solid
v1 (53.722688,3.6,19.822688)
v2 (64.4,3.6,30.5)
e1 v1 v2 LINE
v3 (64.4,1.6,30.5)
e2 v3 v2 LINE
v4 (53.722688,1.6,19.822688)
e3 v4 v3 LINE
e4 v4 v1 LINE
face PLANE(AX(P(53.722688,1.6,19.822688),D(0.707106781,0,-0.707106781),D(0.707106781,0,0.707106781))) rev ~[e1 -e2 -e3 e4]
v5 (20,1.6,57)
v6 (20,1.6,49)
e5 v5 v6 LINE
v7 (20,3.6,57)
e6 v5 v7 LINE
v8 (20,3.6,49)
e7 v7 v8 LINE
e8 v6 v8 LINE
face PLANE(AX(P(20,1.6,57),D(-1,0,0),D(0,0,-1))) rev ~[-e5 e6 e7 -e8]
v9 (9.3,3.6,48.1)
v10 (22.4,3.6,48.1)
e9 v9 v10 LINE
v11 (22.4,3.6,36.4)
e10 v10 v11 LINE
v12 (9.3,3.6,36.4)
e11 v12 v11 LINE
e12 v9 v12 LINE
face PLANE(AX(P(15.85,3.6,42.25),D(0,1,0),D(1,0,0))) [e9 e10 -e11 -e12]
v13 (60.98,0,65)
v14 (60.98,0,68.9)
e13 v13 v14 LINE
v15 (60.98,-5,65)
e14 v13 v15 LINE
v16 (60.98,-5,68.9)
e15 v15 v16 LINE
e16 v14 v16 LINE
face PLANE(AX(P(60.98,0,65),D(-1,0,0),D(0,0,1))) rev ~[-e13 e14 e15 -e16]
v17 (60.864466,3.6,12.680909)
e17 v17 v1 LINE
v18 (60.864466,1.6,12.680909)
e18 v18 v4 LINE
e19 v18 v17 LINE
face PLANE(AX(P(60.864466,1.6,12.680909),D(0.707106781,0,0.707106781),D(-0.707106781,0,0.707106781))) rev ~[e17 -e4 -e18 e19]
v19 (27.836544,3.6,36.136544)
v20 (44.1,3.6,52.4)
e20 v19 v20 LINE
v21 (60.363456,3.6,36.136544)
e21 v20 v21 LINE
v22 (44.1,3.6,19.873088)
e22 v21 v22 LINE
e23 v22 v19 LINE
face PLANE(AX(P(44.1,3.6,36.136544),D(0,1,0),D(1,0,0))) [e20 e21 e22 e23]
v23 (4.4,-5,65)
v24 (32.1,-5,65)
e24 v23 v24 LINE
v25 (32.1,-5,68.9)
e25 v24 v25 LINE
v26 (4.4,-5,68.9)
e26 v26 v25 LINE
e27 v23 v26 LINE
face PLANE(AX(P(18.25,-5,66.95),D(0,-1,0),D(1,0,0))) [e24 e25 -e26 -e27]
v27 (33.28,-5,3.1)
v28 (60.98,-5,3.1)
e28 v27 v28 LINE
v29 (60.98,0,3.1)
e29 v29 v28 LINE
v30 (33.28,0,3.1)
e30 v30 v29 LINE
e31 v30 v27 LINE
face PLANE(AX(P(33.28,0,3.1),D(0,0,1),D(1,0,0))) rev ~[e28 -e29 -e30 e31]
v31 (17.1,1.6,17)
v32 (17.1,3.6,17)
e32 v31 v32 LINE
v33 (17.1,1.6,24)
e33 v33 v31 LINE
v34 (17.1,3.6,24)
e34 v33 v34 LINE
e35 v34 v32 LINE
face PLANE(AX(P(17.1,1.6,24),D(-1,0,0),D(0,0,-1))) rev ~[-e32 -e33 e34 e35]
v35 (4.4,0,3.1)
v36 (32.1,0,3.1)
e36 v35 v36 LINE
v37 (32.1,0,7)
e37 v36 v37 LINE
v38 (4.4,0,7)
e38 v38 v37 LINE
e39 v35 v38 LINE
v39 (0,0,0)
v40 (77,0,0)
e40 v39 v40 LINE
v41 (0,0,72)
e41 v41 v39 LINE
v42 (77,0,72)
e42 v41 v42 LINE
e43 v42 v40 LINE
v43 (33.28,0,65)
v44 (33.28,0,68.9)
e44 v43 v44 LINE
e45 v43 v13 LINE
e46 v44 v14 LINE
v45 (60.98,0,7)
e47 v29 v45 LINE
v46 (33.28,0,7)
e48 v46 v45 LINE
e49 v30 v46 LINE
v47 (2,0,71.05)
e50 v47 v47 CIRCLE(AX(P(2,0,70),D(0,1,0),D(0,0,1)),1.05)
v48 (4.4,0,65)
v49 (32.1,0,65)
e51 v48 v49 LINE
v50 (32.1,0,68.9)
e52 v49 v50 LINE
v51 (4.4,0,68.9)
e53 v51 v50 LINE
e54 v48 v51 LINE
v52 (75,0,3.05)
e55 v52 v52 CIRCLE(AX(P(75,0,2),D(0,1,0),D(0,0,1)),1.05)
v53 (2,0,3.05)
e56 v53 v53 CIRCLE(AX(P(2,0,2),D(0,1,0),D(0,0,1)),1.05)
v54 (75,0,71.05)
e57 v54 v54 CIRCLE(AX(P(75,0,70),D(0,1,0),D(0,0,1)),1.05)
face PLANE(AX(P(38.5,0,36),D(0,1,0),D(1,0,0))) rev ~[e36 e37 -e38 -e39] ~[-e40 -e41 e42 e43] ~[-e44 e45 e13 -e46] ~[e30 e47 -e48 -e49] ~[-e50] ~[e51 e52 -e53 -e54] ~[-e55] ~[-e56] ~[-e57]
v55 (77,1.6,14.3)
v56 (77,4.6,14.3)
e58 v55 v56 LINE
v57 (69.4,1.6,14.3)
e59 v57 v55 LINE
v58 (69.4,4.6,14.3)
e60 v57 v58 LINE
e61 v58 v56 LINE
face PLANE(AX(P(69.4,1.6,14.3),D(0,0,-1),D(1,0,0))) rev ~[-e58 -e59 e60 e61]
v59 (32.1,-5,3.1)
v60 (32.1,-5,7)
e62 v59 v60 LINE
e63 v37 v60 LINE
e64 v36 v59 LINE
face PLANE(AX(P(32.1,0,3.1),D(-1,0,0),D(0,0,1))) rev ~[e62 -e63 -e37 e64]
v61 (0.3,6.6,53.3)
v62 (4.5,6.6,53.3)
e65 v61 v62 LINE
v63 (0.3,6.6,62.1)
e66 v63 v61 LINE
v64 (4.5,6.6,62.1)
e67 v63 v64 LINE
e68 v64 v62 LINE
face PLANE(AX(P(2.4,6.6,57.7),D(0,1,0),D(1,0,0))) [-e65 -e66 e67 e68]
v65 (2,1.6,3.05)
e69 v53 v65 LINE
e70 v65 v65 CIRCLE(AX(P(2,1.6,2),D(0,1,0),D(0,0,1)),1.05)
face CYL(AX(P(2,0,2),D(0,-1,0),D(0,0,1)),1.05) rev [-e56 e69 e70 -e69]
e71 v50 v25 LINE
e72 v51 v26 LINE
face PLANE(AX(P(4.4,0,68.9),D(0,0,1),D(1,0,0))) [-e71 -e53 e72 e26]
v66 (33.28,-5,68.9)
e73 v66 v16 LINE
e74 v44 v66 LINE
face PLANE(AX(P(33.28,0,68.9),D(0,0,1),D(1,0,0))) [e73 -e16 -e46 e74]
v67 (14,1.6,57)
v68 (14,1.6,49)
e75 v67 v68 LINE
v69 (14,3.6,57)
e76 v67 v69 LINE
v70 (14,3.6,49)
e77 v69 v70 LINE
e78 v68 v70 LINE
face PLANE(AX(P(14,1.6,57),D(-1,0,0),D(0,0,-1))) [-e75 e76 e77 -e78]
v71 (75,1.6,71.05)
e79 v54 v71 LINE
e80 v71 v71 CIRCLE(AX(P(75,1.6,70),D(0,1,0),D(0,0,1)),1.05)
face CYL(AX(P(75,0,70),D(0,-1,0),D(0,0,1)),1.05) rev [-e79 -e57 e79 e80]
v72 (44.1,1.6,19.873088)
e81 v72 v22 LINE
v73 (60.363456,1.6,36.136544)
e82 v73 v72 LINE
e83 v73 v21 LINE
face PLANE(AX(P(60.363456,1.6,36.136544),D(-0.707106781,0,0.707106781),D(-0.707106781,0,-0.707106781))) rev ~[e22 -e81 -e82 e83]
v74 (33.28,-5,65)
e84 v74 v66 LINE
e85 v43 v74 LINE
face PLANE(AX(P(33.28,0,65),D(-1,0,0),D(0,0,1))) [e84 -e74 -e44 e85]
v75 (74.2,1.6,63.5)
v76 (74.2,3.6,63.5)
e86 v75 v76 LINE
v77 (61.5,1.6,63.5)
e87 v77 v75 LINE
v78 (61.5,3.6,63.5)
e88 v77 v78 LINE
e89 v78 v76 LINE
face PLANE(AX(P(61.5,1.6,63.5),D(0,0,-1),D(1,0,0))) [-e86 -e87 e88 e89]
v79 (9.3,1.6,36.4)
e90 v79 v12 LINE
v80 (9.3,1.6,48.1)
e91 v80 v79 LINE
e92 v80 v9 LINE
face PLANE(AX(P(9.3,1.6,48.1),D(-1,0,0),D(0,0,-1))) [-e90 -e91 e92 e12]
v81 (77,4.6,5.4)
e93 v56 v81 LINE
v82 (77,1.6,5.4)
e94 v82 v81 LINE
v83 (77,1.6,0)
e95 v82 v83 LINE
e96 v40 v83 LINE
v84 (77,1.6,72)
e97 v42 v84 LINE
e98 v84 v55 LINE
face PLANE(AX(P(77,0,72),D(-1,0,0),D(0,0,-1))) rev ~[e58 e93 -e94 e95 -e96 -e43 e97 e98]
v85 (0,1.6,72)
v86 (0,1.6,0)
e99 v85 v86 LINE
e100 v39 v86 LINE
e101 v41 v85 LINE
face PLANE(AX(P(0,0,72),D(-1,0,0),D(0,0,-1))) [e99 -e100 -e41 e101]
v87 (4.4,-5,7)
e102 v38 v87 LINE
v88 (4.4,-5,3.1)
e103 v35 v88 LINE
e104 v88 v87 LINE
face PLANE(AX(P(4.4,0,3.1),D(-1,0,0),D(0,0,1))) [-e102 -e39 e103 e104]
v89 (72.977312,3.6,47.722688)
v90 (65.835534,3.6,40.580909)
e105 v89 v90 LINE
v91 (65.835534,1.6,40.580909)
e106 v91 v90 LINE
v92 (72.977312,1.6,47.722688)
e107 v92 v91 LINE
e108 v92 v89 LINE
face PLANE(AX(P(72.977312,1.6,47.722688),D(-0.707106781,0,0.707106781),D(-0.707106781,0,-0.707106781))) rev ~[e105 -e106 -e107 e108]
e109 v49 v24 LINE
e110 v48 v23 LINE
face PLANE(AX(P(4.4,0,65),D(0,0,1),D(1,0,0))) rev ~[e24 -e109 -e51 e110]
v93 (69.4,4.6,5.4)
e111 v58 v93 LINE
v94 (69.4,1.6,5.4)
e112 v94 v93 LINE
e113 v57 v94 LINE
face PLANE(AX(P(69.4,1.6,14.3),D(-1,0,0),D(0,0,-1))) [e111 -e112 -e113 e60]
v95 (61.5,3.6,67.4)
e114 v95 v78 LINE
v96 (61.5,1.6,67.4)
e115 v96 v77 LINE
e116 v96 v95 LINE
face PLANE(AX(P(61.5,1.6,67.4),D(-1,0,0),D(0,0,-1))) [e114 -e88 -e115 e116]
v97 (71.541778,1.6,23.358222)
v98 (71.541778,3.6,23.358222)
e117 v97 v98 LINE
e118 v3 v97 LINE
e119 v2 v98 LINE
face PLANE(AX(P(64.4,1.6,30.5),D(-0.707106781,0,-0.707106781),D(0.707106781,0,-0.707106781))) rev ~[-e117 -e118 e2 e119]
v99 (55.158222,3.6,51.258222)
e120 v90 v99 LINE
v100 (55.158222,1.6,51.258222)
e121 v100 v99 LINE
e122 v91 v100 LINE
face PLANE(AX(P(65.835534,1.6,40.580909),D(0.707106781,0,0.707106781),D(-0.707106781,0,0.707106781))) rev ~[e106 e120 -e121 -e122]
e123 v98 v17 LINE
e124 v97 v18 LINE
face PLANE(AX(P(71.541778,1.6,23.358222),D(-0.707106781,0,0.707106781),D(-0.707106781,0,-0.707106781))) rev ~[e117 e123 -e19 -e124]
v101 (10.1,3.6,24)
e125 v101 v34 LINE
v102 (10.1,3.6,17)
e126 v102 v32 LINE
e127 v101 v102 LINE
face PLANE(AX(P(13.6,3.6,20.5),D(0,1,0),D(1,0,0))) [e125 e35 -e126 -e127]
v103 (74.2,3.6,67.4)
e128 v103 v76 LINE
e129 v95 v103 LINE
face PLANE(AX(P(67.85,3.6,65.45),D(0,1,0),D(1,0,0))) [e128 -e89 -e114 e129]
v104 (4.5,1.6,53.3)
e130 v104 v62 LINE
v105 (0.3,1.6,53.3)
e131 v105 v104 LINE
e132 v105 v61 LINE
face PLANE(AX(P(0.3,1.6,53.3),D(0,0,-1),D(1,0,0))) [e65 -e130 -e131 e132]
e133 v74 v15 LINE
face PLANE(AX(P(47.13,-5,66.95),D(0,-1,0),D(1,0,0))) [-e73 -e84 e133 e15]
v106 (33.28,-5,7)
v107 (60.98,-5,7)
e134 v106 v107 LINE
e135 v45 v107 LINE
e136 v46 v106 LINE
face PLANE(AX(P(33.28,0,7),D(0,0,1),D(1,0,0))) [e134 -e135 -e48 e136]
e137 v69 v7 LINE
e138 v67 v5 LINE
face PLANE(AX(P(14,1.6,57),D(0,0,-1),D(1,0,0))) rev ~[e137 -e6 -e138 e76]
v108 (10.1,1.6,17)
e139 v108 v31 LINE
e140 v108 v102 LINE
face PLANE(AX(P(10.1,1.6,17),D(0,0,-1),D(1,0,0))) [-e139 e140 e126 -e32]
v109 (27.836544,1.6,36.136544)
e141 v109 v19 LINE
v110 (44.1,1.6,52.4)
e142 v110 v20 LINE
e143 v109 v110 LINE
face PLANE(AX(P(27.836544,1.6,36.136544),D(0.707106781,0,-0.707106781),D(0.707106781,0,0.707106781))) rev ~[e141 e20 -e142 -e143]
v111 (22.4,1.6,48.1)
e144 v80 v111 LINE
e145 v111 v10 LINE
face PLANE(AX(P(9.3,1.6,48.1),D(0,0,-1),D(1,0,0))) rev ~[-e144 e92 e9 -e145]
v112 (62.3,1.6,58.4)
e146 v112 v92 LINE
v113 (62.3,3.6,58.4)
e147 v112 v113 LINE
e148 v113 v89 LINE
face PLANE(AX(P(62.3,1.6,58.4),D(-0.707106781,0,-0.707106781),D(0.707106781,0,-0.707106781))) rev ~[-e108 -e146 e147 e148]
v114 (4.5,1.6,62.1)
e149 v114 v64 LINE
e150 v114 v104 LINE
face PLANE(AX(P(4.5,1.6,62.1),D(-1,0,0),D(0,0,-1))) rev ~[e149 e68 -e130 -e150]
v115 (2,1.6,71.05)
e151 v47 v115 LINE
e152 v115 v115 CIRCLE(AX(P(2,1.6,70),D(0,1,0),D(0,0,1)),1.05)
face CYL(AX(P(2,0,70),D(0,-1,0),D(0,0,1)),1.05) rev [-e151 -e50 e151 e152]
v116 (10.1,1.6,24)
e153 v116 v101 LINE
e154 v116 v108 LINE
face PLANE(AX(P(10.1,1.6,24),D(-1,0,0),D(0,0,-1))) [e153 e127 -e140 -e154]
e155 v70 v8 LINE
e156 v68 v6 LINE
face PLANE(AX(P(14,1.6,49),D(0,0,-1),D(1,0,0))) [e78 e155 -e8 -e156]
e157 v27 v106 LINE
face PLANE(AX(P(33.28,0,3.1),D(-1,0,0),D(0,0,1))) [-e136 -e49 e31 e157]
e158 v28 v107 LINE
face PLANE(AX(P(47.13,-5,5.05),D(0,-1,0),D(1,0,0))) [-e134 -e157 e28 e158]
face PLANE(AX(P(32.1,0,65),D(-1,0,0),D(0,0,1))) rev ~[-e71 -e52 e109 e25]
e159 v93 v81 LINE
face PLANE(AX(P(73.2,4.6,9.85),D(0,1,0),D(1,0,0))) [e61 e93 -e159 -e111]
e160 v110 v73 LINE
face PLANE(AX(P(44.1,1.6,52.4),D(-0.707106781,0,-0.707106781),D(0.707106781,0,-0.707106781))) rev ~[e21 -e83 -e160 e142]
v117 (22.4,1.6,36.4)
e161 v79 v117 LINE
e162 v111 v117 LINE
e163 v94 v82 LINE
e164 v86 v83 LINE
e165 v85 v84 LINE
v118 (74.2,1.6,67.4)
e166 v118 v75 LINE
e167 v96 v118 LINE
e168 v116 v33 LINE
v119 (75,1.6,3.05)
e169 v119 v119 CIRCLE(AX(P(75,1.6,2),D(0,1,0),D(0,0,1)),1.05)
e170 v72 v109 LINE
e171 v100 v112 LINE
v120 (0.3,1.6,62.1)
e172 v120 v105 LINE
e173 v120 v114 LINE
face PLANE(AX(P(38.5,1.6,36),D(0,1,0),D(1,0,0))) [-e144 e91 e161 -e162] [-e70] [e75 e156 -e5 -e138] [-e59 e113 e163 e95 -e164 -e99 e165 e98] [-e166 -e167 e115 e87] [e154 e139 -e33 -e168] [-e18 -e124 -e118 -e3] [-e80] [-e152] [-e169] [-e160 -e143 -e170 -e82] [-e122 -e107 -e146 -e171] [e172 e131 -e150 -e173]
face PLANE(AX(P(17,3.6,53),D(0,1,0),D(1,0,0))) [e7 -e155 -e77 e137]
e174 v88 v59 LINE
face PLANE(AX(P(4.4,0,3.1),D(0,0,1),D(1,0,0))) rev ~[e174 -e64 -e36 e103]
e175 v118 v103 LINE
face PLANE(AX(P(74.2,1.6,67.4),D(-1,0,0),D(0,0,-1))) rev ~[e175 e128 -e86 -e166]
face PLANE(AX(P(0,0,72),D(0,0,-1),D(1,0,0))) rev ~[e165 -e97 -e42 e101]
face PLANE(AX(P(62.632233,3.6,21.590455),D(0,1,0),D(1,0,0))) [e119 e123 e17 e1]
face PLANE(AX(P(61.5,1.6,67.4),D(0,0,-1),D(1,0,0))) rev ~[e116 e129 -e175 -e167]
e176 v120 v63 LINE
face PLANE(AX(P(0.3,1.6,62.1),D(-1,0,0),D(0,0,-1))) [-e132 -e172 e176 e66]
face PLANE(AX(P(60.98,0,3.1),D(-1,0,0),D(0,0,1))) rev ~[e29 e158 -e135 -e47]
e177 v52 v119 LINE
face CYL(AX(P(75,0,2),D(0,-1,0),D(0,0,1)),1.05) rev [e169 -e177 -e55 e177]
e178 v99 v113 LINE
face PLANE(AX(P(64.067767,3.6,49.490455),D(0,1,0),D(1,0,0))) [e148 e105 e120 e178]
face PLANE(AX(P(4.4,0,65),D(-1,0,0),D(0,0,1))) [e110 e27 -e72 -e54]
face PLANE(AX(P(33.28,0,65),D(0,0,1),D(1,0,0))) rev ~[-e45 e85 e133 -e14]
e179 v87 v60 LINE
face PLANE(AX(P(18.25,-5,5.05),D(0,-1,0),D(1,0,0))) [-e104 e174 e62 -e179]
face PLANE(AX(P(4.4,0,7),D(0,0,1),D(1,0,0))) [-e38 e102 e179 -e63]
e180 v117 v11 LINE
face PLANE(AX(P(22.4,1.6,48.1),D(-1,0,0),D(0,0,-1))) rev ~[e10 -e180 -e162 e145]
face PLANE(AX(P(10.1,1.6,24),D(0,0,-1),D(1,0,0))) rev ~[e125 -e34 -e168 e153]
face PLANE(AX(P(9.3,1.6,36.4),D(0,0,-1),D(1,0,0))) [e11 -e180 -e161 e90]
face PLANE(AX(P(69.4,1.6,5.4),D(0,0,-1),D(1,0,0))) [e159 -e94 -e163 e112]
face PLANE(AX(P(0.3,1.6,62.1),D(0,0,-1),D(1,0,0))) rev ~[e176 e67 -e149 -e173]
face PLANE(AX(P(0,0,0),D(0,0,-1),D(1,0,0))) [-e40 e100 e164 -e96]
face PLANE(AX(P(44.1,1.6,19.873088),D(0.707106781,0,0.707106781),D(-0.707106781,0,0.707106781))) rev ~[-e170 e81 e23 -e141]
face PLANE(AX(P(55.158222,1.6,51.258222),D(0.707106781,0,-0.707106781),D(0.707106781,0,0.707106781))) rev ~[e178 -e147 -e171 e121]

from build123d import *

# Parameters (mm, degrees)
SKETCH_1_W      = 77
SKETCH_1_H      = 72
SKETCH_1_R      = 1.05
EXTRUDE_1_DEPTH = 1.6
SKETCH_2_W      = 7
SKETCH_2_H      = 7
SKETCH_2_W_2    = 13.1
SKETCH_2_H_2    = 11.7
SKETCH_2_W_3    = 6
SKETCH_2_H_3    = 8
SKETCH_2_W_4    = 12.7
SKETCH_2_H_4    = 3.9
EXTRUDE_2_DEPTH = 2
SKETCH_3_W      = 7.6
SKETCH_3_H      = 8.9
EXTRUDE_3_DEPTH = 3
SKETCH_5_W      = 4.2
SKETCH_5_H      = 8.8
EXTRUDE_4_DEPTH = 5
SKETCH_6_W      = 27.7
SKETCH_6_H      = 3.9
EXTRUDE_5_DEPTH = 5


with BuildPart() as part:
    # 草图1 → 凸台-拉伸1 (new body)
    with BuildSketch(Plane(origin=(0, 0, 0), x_dir=(1, 0, 0), z_dir=(0, 1, 0))):
        with Locations((38.5, -36)):
            Rectangle(SKETCH_1_W, SKETCH_1_H)
        with Locations(Location((2, -2, 0), (0, 0, 270))):
            Circle(SKETCH_1_R, mode=Mode.SUBTRACT)
        with Locations(Location((2, -70, 0), (0, 0, 270))):
            Circle(SKETCH_1_R, mode=Mode.SUBTRACT)
        with Locations(Location((75, -2, 0), (0, 0, 270))):
            Circle(SKETCH_1_R, mode=Mode.SUBTRACT)
        with Locations(Location((75, -70, 0), (0, 0, 270))):
            Circle(SKETCH_1_R, mode=Mode.SUBTRACT)
    extrude(amount=EXTRUDE_1_DEPTH)

    # 草图2 → 凸台-拉伸2 (add)
    with BuildSketch(Plane(origin=(0, 1.6, 0), x_dir=(1, 0, 0), z_dir=(0, 1, 0))):
        with Locations((13.6, -20.5)):
            Rectangle(SKETCH_2_W, SKETCH_2_H)
        Polygon((44.1, -19.873088065), (27.836544033, -36.136544033), (44.1, -52.4), (60.363455967, -36.136544033), align=None)
        with Locations((15.85, -42.25)):
            Rectangle(SKETCH_2_W_2, SKETCH_2_H_2)
        with Locations((17, -53)):
            Rectangle(SKETCH_2_W_3, SKETCH_2_H_3)
        Polygon((65.835533906, -40.580909114), (55.15822151, -51.25822151), (62.3, -58.4), (72.977312396, -47.722687604), align=None)
        Polygon((60.864466094, -12.680909114), (53.722687604, -19.822687604), (64.4, -30.5), (71.54177849, -23.35822151), align=None)
        with Locations((67.85, -65.45)):
            Rectangle(SKETCH_2_W_4, SKETCH_2_H_4)
    extrude(amount=EXTRUDE_2_DEPTH)

    # 草图3 → 凸台-拉伸3 (add)
    with BuildSketch(Plane(origin=(0, 1.6, 0), x_dir=(1, 0, 0), z_dir=(0, 1, 0))):
        with Locations((73.2, -9.85)):
            Rectangle(SKETCH_3_W, SKETCH_3_H)
    extrude(amount=EXTRUDE_3_DEPTH)

    # 草图5 → 凸台-拉伸4 (add)
    with BuildSketch(Plane(origin=(0, 1.6, 0), x_dir=(1, 0, 0), z_dir=(0, 1, 0))):
        with Locations((2.4, -57.7)):
            Rectangle(SKETCH_5_W, SKETCH_5_H)
    extrude(amount=EXTRUDE_4_DEPTH)

    # 草图6 → 凸台-拉伸5 (add)
    with BuildSketch(Plane.XZ):
        with Locations((18.25, 66.95)):
            Rectangle(SKETCH_6_W, SKETCH_6_H)
        with Locations((47.13, 66.95)):
            Rectangle(SKETCH_6_W, SKETCH_6_H)
        with Locations((18.25, 5.05)):
            Rectangle(SKETCH_6_W, SKETCH_6_H)
        with Locations((47.13, 5.05)):
            Rectangle(SKETCH_6_W, SKETCH_6_H)
    extrude(amount=EXTRUDE_5_DEPTH)


solid = part.part
